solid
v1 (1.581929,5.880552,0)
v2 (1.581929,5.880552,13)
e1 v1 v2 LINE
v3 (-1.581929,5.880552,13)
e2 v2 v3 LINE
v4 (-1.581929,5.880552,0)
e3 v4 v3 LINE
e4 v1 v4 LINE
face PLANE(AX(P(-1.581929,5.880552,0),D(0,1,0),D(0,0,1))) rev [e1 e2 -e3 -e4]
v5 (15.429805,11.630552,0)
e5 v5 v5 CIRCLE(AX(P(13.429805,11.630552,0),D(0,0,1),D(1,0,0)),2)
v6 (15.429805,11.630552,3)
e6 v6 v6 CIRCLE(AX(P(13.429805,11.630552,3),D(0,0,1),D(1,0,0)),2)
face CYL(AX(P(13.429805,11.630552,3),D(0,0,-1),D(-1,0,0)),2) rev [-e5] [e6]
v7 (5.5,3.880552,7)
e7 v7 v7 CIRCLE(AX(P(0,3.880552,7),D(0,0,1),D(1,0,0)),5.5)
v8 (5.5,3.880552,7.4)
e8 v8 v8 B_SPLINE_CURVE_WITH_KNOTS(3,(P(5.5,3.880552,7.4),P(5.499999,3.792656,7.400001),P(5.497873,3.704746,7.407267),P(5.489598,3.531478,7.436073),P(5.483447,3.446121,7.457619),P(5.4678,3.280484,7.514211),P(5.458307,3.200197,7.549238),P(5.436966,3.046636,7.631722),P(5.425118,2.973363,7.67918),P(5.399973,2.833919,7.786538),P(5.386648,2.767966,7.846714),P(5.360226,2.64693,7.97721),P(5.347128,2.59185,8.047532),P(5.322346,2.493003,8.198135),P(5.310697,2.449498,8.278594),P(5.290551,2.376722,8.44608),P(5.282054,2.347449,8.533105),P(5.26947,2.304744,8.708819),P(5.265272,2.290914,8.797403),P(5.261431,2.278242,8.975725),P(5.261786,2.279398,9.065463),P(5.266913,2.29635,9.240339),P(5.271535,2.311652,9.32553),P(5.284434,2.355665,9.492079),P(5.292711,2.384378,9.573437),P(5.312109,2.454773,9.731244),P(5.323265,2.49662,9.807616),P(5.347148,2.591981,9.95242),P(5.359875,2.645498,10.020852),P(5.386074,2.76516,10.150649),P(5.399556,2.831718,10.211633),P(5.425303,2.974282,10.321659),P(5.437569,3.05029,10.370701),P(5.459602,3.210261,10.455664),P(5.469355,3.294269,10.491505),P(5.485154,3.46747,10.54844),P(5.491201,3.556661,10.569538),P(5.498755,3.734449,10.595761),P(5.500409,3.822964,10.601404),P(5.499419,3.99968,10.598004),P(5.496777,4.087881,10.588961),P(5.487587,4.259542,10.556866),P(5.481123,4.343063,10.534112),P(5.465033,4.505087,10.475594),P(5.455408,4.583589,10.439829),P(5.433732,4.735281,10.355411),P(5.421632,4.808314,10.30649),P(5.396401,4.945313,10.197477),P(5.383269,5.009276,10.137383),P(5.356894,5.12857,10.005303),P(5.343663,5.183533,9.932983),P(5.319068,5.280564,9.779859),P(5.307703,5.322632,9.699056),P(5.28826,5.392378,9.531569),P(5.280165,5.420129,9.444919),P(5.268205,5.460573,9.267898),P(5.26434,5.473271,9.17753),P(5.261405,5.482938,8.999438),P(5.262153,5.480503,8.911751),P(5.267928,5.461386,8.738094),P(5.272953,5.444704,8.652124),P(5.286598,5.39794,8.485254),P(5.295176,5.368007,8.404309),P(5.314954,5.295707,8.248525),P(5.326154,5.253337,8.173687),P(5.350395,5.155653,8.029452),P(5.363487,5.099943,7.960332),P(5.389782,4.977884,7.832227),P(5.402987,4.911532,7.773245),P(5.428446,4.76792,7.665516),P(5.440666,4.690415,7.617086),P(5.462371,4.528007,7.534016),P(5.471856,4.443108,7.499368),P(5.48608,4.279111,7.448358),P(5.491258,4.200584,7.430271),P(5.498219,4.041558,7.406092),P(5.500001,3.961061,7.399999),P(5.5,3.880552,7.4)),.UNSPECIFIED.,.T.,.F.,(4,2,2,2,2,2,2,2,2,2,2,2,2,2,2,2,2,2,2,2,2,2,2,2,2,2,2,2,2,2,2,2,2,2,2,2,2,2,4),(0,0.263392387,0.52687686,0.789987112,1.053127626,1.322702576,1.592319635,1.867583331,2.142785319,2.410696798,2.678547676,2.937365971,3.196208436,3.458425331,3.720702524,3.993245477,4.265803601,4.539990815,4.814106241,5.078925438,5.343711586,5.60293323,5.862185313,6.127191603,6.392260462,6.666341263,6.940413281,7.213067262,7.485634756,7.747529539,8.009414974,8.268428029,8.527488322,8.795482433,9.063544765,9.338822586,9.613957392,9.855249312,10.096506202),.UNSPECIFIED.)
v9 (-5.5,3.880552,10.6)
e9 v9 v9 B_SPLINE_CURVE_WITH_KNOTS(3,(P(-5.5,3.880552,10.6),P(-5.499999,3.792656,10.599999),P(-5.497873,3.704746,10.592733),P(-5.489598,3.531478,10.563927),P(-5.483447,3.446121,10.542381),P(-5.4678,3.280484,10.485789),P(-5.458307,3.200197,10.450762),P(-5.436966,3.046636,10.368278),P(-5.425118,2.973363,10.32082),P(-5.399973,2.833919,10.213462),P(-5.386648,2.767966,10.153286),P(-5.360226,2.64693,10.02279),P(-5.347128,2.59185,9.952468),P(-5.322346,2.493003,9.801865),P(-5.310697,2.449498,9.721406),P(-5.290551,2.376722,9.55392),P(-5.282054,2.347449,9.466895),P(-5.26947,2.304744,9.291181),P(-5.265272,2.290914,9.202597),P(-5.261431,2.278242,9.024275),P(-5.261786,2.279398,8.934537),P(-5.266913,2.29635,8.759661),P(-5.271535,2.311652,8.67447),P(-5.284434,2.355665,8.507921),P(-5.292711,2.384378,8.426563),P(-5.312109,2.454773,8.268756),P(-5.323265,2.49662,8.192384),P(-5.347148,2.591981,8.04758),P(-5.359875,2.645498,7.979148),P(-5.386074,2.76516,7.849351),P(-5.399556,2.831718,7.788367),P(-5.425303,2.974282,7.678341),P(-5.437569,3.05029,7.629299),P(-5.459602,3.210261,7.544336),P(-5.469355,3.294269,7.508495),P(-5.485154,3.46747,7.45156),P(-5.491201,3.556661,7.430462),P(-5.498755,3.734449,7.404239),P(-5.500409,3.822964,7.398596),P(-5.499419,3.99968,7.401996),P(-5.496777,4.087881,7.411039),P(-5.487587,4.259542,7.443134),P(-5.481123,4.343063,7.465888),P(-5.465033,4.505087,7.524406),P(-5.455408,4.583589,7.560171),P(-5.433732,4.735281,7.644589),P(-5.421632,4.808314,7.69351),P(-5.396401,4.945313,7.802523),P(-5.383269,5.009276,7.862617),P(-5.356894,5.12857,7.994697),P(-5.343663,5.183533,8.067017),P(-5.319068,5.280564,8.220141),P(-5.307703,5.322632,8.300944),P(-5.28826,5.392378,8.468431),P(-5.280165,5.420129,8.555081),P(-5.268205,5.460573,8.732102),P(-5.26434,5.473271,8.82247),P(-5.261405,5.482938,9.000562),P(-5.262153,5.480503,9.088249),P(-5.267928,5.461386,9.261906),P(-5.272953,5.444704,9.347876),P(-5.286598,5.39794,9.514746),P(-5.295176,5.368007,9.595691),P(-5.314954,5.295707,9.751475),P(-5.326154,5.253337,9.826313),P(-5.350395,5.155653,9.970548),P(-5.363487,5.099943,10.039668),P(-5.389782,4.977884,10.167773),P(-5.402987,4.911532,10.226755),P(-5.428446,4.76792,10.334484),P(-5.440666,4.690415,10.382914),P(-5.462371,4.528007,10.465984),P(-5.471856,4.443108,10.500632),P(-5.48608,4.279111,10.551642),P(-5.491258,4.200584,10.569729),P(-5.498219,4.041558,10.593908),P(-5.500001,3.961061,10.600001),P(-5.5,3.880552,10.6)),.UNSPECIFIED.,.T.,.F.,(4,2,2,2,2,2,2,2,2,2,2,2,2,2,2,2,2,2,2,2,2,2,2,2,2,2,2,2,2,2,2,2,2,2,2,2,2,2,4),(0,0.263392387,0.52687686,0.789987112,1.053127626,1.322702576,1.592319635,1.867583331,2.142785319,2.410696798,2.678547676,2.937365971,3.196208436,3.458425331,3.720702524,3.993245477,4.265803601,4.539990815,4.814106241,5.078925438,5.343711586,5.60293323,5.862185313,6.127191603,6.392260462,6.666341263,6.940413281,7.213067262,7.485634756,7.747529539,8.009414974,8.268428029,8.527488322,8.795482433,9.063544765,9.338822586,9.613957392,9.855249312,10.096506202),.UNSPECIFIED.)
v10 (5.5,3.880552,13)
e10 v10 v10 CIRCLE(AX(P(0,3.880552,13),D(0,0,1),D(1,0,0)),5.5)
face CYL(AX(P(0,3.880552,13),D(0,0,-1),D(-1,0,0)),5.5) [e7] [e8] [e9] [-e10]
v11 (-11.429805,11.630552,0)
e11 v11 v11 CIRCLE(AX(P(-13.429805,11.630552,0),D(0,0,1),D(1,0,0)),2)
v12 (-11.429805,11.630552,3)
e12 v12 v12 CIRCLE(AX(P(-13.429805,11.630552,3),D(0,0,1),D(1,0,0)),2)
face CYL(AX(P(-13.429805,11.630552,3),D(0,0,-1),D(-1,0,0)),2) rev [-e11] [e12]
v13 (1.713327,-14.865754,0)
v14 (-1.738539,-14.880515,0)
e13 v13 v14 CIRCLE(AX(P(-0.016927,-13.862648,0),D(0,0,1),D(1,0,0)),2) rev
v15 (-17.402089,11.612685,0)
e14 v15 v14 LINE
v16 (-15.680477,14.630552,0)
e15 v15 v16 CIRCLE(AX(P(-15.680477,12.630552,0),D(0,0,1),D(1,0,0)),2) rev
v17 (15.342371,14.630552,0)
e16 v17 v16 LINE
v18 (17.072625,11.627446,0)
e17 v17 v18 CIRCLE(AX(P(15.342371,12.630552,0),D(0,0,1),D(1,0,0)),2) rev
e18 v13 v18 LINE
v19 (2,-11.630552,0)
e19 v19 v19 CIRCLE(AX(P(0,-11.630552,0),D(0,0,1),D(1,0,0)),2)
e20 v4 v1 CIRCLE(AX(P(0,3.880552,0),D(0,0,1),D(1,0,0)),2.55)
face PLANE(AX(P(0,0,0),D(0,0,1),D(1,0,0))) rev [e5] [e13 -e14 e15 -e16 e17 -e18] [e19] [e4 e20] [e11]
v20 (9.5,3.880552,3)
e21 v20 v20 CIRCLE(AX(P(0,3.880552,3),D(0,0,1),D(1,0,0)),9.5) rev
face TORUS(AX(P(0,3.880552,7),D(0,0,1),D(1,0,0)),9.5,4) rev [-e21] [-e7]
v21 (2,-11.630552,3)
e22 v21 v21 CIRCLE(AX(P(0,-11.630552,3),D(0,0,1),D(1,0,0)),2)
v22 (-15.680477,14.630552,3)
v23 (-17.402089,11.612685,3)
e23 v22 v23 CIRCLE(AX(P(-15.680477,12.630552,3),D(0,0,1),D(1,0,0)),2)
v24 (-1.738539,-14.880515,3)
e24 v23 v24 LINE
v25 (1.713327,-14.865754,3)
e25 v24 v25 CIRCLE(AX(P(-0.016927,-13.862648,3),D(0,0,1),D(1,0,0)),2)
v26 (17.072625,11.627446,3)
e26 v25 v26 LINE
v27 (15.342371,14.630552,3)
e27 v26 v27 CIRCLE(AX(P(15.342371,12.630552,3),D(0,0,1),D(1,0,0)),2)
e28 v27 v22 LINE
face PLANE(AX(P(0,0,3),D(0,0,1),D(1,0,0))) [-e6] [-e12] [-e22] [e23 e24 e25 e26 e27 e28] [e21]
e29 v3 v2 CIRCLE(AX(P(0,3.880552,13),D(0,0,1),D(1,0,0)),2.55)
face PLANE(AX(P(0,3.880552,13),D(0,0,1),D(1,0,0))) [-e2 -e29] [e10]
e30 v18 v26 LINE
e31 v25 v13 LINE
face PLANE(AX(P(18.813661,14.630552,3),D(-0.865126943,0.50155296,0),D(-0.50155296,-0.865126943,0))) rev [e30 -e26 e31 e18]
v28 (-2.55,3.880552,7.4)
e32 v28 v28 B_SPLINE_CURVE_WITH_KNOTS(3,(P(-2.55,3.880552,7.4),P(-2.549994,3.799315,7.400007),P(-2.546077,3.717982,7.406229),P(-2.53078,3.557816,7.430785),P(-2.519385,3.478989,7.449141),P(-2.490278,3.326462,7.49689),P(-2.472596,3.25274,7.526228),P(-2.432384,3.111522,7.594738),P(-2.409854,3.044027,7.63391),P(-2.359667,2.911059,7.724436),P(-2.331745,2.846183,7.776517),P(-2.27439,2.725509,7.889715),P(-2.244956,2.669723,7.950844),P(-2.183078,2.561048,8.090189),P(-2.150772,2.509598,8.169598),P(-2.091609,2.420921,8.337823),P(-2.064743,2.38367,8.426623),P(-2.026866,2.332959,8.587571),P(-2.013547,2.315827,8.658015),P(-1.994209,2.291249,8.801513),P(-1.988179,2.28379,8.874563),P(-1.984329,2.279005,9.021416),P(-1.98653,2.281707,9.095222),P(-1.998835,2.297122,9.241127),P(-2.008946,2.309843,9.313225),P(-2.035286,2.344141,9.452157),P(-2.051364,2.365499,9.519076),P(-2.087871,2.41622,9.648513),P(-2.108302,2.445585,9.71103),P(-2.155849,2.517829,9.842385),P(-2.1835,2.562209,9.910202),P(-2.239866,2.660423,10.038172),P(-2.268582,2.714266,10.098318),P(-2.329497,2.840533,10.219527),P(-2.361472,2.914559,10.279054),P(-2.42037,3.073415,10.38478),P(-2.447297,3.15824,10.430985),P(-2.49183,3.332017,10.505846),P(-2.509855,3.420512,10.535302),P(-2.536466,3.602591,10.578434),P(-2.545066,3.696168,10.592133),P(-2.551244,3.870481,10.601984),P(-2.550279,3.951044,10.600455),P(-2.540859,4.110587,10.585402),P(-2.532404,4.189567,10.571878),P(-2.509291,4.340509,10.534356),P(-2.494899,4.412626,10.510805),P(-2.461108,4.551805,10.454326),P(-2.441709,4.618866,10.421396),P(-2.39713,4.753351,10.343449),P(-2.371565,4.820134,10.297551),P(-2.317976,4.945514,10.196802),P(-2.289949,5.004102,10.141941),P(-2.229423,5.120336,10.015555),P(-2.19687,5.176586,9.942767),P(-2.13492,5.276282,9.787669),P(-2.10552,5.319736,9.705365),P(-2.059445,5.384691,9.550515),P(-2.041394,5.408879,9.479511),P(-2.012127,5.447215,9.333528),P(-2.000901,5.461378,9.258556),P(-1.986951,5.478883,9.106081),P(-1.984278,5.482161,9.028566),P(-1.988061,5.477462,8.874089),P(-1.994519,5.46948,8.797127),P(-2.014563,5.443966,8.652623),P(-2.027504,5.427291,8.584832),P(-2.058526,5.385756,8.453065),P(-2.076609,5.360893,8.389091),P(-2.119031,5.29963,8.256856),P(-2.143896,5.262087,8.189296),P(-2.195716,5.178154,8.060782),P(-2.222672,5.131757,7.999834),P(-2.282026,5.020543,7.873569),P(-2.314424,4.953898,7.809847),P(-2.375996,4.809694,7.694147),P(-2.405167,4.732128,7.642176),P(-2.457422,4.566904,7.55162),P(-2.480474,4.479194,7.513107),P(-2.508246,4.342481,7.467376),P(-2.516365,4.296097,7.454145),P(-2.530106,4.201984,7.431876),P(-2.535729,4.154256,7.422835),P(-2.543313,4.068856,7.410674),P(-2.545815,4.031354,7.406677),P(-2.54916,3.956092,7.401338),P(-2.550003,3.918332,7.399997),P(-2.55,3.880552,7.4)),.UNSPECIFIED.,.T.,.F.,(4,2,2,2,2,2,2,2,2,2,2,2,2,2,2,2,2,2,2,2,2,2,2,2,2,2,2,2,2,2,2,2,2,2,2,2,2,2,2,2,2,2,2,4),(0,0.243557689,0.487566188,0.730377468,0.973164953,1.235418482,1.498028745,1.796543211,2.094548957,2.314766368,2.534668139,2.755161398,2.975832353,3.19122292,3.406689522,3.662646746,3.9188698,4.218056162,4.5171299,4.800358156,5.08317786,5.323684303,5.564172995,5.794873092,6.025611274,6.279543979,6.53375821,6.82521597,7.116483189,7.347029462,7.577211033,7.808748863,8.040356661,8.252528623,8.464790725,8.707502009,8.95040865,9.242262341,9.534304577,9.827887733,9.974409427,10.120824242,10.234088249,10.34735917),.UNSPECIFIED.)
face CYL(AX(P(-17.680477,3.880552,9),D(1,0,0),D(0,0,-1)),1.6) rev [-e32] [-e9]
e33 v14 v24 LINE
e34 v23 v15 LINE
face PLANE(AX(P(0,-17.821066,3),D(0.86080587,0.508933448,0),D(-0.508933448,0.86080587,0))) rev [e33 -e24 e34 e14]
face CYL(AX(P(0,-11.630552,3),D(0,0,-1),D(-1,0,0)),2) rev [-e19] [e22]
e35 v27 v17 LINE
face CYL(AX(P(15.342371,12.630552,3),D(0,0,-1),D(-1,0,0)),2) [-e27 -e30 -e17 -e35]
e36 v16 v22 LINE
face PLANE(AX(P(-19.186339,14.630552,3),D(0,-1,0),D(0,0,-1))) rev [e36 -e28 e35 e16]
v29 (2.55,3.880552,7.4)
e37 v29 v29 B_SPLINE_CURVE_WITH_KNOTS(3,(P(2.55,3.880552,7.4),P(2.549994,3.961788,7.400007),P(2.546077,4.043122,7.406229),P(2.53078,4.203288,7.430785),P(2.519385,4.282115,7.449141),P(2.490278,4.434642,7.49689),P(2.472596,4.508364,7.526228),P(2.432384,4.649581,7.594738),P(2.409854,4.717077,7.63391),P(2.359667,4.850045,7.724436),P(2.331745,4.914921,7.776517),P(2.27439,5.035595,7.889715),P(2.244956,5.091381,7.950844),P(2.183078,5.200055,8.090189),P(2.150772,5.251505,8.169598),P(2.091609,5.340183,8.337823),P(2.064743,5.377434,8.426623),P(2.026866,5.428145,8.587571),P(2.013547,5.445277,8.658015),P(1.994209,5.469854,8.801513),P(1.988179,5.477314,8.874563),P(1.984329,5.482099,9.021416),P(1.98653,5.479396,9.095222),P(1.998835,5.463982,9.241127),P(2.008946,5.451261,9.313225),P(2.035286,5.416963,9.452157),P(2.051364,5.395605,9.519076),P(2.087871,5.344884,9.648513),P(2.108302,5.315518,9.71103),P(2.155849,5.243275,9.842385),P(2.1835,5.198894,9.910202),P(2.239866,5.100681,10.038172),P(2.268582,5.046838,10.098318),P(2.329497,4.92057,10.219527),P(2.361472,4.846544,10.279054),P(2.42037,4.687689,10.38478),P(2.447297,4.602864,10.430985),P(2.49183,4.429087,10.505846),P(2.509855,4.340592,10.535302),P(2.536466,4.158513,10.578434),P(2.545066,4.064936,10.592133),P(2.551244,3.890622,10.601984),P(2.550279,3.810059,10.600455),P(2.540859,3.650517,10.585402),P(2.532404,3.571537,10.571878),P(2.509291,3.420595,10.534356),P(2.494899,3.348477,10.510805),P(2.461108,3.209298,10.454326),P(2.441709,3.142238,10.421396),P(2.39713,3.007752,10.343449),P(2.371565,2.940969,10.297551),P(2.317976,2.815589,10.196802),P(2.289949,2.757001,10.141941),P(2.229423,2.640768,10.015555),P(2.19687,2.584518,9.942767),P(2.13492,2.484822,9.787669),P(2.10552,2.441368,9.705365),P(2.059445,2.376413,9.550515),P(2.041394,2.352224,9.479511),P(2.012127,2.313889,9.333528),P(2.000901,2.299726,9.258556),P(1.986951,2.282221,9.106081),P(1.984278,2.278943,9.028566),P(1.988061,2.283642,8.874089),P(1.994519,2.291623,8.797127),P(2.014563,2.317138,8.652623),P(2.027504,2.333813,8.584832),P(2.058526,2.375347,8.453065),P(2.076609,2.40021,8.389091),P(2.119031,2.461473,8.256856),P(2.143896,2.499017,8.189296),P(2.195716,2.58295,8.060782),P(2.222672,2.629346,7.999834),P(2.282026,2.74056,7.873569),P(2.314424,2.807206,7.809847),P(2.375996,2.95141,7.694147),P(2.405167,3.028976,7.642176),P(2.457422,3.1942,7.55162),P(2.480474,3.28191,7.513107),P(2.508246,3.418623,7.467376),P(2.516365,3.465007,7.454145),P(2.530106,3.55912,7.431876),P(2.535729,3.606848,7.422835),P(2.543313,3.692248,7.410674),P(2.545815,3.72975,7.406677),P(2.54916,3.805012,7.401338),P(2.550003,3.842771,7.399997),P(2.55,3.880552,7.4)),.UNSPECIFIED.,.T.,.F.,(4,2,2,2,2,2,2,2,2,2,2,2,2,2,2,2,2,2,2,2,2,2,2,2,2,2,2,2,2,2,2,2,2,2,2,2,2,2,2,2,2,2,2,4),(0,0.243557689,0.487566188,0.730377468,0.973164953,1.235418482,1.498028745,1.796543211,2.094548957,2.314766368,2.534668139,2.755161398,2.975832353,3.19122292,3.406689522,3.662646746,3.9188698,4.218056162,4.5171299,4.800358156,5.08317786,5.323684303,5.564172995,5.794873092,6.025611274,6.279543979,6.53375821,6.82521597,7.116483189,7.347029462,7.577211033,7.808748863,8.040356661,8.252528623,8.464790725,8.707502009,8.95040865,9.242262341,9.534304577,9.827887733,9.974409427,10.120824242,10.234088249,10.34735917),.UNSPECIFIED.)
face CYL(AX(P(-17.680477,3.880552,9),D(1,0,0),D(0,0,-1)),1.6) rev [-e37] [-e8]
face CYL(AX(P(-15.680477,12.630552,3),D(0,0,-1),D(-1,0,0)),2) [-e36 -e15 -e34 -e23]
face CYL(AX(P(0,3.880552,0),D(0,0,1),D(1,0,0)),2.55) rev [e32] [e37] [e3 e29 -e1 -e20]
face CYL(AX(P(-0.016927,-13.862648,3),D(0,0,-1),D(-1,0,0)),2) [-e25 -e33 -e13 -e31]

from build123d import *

# Parameters (mm, degrees)
SKETCH1_R               = 2.000000038
SKETCH1_R_2             = 1.999999864
SKETCH1_R_3             = 1.999999855
BOSS_EXTRUDE1_DEPTH     = 3
SKETCH2_R               = 5.5
BOSS_EXTRUDE2_DEPTH     = 10
CUT_EXTRUDE1_DEPTH      = 30.235355095
CUT_EXTRUDE1_DEPTH_BACK = 30.235355095
FILLET1_R               = 2
FILLET2_R               = 4
CUT_EXTRUDE2_DEPTH      = 28.078088376
CUT_EXTRUDE2_DEPTH_BACK = 28.078088376
SKETCH4_R               = 1.6


with BuildPart() as part:
    # Sketch1 → Boss-Extrude1 (new body)
    with BuildSketch(Plane.XY):
        Polygon((-19.186339187, 14.630551858), (18.813660813, 14.630551858), (1.3e-07, -17.821065516), align=None)
        with Locations((-13.429805086, 11.630551858)):
            Circle(SKETCH1_R, mode=Mode.SUBTRACT)
        with Locations((13.429804917, 11.630551858)):
            Circle(SKETCH1_R_2, mode=Mode.SUBTRACT)
        with Locations((8.5e-08, -11.630551858)):
            Circle(SKETCH1_R_3, mode=Mode.SUBTRACT)
    extrude(amount=BOSS_EXTRUDE1_DEPTH)

    # Sketch2 → Boss-Extrude2 (add)
    with BuildSketch(Plane.XY.offset(3)):
        with Locations((0, 3.880551858)):
            Circle(SKETCH2_R)
    extrude(amount=BOSS_EXTRUDE2_DEPTH)

    # Sketch3 → Cut-Extrude1 (cut, two sides: drawn at the far end of the back side and taken through both)
    with BuildSketch(Plane.XY.offset(13).offset(-CUT_EXTRUDE1_DEPTH_BACK)):
        with BuildLine():
            Line((-1.581929202, 5.880551858), (1.581929202, 5.880551858))
            ThreePointArc((1.581929202, 5.880551858), (0, 1.330551858), (-1.581929202, 5.880551858))
        make_face()
    extrude(amount=CUT_EXTRUDE1_DEPTH + CUT_EXTRUDE1_DEPTH_BACK, mode=Mode.SUBTRACT)

    # Fillet1
    fillet1_edges = [part.edges().sort_by_distance(p)[0] for p in [
        (-19.186339187, 14.630551858, 1.5),
        (18.813660813, 14.630551858, 1.5),
        (1.3e-07, -17.821065516, 1.5),
    ]]
    fillet(fillet1_edges, radius=FILLET1_R)

    # Fillet2
    fillet2_edges = [part.edges().sort_by_distance(p)[0] for p in [
        (-5.5, 3.880551858, 3),
    ]]
    fillet(fillet2_edges, radius=FILLET2_R)

    # Sketch4 → Cut-Extrude2 (cut, two sides: drawn at the far end of the back side and taken through both)
    with BuildSketch(Plane(origin=(0, 0, 0), x_dir=(0, 0, -1), z_dir=(1, 0, 0)).offset(-CUT_EXTRUDE2_DEPTH_BACK)):
        with Locations((-9, 3.880551858)):
            Circle(SKETCH4_R)
    extrude(amount=CUT_EXTRUDE2_DEPTH + CUT_EXTRUDE2_DEPTH_BACK, mode=Mode.SUBTRACT)


solid = part.part
